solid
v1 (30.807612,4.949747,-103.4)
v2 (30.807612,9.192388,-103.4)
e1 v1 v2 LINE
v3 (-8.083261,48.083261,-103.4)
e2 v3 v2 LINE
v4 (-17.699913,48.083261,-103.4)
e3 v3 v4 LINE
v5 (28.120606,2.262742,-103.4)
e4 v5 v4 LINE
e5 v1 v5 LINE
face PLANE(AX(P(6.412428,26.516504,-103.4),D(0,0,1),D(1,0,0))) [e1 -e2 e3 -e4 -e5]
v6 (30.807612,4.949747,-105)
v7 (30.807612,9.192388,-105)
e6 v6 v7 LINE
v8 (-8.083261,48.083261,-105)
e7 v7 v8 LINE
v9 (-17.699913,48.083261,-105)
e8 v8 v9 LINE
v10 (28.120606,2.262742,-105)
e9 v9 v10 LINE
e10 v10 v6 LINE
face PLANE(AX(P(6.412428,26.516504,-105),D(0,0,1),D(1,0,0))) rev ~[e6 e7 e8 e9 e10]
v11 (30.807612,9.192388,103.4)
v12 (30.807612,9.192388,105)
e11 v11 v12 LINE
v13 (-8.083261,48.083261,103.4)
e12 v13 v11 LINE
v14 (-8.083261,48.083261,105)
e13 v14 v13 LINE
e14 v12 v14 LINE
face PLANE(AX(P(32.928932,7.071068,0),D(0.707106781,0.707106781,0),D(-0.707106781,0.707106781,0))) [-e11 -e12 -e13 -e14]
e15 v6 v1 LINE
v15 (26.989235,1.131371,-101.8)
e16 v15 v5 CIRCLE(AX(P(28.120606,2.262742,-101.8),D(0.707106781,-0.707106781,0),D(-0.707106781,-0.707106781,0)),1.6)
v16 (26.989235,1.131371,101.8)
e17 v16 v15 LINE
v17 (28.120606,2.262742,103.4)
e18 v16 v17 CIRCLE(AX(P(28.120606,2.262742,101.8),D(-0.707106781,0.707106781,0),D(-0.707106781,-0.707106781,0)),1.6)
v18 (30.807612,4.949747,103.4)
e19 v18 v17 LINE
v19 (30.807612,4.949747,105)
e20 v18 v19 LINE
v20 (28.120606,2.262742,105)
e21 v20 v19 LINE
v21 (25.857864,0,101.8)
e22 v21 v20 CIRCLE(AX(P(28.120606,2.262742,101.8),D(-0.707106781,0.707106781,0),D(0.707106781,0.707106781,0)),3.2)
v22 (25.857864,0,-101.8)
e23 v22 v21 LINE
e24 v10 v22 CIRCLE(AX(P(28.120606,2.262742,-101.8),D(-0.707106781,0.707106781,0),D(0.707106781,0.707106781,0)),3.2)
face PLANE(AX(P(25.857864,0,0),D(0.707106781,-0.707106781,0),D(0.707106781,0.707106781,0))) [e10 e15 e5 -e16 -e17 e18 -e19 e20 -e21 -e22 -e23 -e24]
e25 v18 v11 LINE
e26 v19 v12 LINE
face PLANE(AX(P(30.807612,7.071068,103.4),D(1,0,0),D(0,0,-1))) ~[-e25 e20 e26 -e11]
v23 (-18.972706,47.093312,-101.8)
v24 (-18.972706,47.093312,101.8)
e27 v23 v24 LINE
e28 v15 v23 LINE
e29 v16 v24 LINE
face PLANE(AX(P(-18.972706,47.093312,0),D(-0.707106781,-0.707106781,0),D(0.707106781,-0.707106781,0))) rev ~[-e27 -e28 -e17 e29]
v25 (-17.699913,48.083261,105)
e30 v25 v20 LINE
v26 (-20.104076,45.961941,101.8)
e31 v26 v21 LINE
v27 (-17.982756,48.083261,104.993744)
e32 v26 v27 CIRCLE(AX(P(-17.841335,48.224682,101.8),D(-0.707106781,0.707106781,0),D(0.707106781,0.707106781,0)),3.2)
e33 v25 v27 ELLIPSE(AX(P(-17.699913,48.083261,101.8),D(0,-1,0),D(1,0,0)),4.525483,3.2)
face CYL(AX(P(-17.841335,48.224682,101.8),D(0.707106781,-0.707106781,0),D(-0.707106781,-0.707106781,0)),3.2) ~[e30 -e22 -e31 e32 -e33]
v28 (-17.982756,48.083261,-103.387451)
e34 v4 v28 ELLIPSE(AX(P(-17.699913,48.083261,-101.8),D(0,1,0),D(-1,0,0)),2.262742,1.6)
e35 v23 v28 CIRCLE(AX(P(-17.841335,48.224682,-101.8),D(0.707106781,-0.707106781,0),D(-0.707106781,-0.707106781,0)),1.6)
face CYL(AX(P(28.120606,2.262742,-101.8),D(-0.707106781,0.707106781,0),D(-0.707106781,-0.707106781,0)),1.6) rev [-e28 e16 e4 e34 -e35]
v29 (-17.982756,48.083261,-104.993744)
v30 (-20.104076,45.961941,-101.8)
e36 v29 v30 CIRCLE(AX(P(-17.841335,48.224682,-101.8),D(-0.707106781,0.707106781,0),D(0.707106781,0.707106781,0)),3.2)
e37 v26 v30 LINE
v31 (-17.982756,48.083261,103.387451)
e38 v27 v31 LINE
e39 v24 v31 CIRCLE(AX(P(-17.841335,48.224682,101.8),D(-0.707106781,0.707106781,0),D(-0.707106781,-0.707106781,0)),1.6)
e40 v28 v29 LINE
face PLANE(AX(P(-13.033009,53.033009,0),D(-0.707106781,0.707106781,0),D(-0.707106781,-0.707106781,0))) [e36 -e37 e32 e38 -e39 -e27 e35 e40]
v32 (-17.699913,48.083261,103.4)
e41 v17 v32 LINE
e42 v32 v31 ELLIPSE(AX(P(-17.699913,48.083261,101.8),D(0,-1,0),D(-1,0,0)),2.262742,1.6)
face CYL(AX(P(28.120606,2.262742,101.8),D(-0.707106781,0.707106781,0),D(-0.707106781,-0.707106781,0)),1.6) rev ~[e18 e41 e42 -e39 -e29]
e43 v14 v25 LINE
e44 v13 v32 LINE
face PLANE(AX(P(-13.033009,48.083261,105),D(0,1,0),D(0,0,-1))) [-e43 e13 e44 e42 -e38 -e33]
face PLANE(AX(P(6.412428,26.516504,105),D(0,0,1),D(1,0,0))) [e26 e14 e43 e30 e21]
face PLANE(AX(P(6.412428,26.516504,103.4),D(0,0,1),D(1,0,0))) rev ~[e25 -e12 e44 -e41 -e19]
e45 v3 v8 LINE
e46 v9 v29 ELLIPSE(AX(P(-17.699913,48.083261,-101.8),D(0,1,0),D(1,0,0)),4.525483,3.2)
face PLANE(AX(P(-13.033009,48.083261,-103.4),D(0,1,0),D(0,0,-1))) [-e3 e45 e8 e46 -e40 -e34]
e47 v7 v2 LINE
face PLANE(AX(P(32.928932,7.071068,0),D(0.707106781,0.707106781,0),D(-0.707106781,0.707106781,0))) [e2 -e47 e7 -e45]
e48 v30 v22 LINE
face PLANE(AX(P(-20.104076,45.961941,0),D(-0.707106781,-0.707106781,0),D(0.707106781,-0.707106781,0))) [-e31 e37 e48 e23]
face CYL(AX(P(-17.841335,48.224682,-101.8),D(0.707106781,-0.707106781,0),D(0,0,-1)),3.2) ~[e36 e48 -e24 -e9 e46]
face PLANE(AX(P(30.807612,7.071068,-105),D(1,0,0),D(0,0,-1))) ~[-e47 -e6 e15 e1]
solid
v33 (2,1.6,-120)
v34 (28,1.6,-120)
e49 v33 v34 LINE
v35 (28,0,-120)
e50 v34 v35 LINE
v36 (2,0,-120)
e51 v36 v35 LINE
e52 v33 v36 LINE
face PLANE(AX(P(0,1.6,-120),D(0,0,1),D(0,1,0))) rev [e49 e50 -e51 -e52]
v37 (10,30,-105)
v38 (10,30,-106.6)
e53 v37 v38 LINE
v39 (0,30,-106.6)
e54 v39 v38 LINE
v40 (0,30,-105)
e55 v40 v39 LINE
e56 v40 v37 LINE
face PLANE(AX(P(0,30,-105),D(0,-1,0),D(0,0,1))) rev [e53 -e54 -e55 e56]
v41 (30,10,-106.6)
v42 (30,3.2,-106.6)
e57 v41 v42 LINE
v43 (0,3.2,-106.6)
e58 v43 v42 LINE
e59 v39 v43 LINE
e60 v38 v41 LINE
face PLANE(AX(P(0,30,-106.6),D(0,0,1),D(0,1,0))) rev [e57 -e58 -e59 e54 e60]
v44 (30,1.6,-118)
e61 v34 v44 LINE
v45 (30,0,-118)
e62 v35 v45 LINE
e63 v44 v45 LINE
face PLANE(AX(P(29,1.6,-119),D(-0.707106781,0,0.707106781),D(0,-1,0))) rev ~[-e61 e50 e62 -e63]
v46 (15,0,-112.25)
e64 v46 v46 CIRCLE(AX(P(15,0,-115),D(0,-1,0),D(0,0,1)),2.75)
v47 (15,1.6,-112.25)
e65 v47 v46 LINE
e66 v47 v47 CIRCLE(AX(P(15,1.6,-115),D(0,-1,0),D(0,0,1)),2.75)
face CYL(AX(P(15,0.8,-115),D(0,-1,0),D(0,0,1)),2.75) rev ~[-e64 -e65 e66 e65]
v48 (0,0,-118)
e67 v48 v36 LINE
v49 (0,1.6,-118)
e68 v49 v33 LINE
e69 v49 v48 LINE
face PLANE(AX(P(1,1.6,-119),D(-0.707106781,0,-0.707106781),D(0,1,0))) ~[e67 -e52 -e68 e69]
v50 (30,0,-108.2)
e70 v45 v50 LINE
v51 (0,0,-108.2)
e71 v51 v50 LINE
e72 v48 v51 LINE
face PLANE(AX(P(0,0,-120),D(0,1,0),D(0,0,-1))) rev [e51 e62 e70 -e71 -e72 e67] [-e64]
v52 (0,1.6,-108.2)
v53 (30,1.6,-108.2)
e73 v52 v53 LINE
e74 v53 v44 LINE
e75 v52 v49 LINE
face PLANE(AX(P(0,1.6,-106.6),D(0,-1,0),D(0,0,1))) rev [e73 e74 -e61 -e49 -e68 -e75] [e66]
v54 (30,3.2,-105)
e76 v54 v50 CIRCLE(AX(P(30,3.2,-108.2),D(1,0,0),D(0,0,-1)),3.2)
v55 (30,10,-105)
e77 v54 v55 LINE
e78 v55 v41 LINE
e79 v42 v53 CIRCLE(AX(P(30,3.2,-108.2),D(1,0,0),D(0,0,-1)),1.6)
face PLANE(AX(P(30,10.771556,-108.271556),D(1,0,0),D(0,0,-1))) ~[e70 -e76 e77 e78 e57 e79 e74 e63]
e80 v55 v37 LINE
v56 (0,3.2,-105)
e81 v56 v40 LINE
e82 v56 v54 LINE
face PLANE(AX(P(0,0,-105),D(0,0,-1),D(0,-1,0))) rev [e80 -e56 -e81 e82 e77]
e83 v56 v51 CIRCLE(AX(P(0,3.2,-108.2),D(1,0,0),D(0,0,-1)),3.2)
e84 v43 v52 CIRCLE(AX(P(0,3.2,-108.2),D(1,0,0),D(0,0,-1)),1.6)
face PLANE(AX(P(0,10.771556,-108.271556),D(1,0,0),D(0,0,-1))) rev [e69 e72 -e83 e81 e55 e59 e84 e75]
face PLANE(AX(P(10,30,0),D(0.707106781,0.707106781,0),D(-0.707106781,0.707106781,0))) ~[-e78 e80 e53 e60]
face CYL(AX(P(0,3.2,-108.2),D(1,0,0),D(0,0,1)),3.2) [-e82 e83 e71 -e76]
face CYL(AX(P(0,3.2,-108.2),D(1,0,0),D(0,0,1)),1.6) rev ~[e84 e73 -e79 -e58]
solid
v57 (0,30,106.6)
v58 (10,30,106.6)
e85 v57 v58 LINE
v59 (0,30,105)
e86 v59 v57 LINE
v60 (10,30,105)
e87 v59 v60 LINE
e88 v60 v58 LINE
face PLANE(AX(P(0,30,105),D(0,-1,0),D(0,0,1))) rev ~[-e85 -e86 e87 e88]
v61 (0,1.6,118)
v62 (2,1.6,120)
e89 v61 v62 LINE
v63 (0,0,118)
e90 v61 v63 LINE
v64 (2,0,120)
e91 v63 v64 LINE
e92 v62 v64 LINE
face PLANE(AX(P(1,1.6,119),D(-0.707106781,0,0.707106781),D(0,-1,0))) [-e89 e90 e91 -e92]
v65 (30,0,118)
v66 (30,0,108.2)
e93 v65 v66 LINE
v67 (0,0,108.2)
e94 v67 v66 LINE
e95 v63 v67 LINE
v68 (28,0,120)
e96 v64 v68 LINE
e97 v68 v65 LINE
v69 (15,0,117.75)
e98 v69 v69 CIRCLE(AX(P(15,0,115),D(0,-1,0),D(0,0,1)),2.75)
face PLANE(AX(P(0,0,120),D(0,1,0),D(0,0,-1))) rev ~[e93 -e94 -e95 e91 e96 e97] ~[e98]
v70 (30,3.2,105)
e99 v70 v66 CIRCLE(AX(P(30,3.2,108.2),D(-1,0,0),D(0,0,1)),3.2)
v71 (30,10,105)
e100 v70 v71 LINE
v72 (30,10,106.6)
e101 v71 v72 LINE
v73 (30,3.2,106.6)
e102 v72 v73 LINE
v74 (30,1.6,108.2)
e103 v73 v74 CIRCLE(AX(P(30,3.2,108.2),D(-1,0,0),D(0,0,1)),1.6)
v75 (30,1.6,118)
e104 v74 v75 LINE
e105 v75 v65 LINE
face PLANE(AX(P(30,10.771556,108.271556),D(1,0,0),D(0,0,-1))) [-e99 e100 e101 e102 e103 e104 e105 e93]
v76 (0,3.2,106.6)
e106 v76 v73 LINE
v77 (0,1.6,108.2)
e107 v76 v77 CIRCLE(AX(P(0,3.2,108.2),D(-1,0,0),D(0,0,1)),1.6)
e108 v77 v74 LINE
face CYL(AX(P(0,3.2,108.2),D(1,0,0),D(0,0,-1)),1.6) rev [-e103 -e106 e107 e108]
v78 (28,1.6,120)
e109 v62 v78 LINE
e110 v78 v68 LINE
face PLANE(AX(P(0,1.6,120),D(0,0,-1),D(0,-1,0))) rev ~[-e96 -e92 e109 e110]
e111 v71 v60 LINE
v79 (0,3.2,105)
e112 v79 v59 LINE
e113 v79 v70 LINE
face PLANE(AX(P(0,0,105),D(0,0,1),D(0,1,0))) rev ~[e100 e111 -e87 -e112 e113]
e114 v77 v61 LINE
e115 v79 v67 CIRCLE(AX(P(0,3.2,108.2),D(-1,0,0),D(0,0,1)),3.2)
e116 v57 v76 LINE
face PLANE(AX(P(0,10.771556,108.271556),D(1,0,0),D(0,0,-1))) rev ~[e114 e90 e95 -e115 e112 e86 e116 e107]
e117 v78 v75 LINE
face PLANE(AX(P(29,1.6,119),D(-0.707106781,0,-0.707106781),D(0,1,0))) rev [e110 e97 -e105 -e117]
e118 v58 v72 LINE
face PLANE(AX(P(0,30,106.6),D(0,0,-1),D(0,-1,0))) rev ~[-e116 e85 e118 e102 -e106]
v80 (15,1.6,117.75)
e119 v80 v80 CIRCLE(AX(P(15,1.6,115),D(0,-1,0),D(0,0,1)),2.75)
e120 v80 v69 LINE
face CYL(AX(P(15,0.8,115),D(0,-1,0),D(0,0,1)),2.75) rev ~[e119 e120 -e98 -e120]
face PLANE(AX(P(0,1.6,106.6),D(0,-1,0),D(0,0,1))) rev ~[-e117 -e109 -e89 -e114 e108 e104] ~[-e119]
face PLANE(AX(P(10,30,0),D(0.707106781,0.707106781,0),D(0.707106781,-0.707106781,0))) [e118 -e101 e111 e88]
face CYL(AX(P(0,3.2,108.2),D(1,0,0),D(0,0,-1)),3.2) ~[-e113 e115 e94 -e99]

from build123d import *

# Parameters (mm, degrees)
BOSS_EXTRUDE1_DEPTH           = 30
FILLET1_R                     = 1.6
FILLET2_R                     = 3.2
CUT_EXTRUDE1_DEPTH            = 120
CHAMFER1_SIZE                 = 2
CUT_EXTRUDE2_DEPTH            = 105
SHELL1_T                      = -1.6
FILLET3_R                     = 1.6
FILLET4_R                     = 3.2
CHAMFER2_SIZE                 = 7
CHAMFER3_SIZE                 = 3
SKETCH5_W                     = 2.75
SKETCH5_H                     = 1.6
M5_CLEARANCE_HOLE1_AT_2_COUNT = 2
M5_CLEARANCE_HOLE1_AT_2_PITCH = 230


with BuildPart() as part:
    # Sketch1 → Boss-Extrude1 (new body)
    with BuildSketch(Plane(origin=(0, 0, 0), x_dir=(0, 0, -1), z_dir=(1, 0, 0))):
        Polygon((-120, 0), (-105, 0), (-105, 30), (-106.6, 30), (-106.6, 1.6), (-120, 1.6), align=None)
    extrude(amount=BOSS_EXTRUDE1_DEPTH)

    # Fillet1
    fillet1_edges = [part.edges().sort_by_distance(p)[0] for p in [
        (15, 1.6, 106.6),
    ]]
    fillet(fillet1_edges, radius=FILLET1_R)

    # Fillet2
    fillet2_edges = [part.edges().sort_by_distance(p)[0] for p in [
        (15, 0, 105),
    ]]
    fillet(fillet2_edges, radius=FILLET2_R)

    # Sketch2 → Cut-Extrude1 (cut)
    with BuildSketch(Plane.XY):
        Polygon((10, 30), (33, 7), (33, 33), (10, 33), align=None)
    extrude(amount=CUT_EXTRUDE1_DEPTH, mode=Mode.SUBTRACT)

    # Chamfer1
    chamfer1_edges = [part.edges().sort_by_distance(p)[0] for p in [
        (30, 0.8, 120),
        (0, 0.8, 120),
    ]]
    chamfer(chamfer1_edges, length=CHAMFER1_SIZE)


with BuildPart() as body_2:
    # Sketch3 → Cut-Extrude2 (new, symmetric)
    with BuildSketch(Plane.XY):
        Polygon((-20.104076401, 45.961940777), (25.857864376, 0), (32.928932188, 7.071067812), (-13.033008589, 53.033008589), align=None)
    extrude(amount=CUT_EXTRUDE2_DEPTH, both=True)

    # Shell1
    shell1_openings = [body_2.faces().sort_by_distance(p)[0] for p in [
        (9.9479618, 30.0520382, 0),
        (29.393398282, 3.535533906, 0),
        (-16.568542495, 49.497474683, 0),
    ]]
    offset(amount=SHELL1_T, openings=shell1_openings, kind=Kind.INTERSECTION)

    # Fillet3
    fillet3_edges = [body_2.edges().sort_by_distance(p)[0] for p in [
        (4.008264838, 24.112341238, -103.4),
        (4.008264838, 24.112341238, 103.4),
    ]]
    fillet(fillet3_edges, radius=FILLET3_R)

    # Fillet4
    fillet4_edges = [body_2.edges().sort_by_distance(p)[0] for p in [
        (2.876893988, 22.980970389, -105),
        (2.876893988, 22.980970389, 105),
    ]]
    fillet(fillet4_edges, radius=FILLET4_R)

    # Chamfer2
    chamfer2_edges = [body_2.edges().sort_by_distance(p)[0] for p in [
        (-13.033008589, 53.033008589, -104.2),
        (-13.033008589, 53.033008589, 104.2),
    ]]
    chamfer(chamfer2_edges, length=CHAMFER2_SIZE)

    # Chamfer3
    chamfer3_edges = [body_2.edges().sort_by_distance(p)[0] for p in [
        (32.928932188, 7.071067812, -104.2),
        (32.928932188, 7.071067812, 104.2),
    ]]
    chamfer(chamfer3_edges, length=CHAMFER3_SIZE)


with BuildPart() as body_3:
    # MirrorSolid1: mirrored copy
    add(part.part.mirror(Plane.XY))


with BuildPart() as part_1:
    add(part.part)

    # Sketch5 → M5 Clearance Hole1 (revolve, cut)
    with BuildSketch(Plane(origin=(15, 1.6, 115), x_dir=(0, 0, 1), z_dir=(1, 0, 0))):
        with Locations((1.375, 0.8)):
            Rectangle(SKETCH5_W, SKETCH5_H)
    m5_clearance_hole1 = revolve(axis=Axis((15, 7.95, 115), (0, -1, 0)), mode=Mode.SUBTRACT)


with BuildPart() as body_3_1:
    add(body_3.part)

    # M5 Clearance Hole1 at 2: M5 Clearance Hole1 ×2
    with Locations(*[(0, 0, -i * M5_CLEARANCE_HOLE1_AT_2_PITCH) for i in range(1, M5_CLEARANCE_HOLE1_AT_2_COUNT)]):
        add(m5_clearance_hole1, mode=Mode.SUBTRACT)


solid = Compound([body_2.part, part_1.part, body_3_1.part])
